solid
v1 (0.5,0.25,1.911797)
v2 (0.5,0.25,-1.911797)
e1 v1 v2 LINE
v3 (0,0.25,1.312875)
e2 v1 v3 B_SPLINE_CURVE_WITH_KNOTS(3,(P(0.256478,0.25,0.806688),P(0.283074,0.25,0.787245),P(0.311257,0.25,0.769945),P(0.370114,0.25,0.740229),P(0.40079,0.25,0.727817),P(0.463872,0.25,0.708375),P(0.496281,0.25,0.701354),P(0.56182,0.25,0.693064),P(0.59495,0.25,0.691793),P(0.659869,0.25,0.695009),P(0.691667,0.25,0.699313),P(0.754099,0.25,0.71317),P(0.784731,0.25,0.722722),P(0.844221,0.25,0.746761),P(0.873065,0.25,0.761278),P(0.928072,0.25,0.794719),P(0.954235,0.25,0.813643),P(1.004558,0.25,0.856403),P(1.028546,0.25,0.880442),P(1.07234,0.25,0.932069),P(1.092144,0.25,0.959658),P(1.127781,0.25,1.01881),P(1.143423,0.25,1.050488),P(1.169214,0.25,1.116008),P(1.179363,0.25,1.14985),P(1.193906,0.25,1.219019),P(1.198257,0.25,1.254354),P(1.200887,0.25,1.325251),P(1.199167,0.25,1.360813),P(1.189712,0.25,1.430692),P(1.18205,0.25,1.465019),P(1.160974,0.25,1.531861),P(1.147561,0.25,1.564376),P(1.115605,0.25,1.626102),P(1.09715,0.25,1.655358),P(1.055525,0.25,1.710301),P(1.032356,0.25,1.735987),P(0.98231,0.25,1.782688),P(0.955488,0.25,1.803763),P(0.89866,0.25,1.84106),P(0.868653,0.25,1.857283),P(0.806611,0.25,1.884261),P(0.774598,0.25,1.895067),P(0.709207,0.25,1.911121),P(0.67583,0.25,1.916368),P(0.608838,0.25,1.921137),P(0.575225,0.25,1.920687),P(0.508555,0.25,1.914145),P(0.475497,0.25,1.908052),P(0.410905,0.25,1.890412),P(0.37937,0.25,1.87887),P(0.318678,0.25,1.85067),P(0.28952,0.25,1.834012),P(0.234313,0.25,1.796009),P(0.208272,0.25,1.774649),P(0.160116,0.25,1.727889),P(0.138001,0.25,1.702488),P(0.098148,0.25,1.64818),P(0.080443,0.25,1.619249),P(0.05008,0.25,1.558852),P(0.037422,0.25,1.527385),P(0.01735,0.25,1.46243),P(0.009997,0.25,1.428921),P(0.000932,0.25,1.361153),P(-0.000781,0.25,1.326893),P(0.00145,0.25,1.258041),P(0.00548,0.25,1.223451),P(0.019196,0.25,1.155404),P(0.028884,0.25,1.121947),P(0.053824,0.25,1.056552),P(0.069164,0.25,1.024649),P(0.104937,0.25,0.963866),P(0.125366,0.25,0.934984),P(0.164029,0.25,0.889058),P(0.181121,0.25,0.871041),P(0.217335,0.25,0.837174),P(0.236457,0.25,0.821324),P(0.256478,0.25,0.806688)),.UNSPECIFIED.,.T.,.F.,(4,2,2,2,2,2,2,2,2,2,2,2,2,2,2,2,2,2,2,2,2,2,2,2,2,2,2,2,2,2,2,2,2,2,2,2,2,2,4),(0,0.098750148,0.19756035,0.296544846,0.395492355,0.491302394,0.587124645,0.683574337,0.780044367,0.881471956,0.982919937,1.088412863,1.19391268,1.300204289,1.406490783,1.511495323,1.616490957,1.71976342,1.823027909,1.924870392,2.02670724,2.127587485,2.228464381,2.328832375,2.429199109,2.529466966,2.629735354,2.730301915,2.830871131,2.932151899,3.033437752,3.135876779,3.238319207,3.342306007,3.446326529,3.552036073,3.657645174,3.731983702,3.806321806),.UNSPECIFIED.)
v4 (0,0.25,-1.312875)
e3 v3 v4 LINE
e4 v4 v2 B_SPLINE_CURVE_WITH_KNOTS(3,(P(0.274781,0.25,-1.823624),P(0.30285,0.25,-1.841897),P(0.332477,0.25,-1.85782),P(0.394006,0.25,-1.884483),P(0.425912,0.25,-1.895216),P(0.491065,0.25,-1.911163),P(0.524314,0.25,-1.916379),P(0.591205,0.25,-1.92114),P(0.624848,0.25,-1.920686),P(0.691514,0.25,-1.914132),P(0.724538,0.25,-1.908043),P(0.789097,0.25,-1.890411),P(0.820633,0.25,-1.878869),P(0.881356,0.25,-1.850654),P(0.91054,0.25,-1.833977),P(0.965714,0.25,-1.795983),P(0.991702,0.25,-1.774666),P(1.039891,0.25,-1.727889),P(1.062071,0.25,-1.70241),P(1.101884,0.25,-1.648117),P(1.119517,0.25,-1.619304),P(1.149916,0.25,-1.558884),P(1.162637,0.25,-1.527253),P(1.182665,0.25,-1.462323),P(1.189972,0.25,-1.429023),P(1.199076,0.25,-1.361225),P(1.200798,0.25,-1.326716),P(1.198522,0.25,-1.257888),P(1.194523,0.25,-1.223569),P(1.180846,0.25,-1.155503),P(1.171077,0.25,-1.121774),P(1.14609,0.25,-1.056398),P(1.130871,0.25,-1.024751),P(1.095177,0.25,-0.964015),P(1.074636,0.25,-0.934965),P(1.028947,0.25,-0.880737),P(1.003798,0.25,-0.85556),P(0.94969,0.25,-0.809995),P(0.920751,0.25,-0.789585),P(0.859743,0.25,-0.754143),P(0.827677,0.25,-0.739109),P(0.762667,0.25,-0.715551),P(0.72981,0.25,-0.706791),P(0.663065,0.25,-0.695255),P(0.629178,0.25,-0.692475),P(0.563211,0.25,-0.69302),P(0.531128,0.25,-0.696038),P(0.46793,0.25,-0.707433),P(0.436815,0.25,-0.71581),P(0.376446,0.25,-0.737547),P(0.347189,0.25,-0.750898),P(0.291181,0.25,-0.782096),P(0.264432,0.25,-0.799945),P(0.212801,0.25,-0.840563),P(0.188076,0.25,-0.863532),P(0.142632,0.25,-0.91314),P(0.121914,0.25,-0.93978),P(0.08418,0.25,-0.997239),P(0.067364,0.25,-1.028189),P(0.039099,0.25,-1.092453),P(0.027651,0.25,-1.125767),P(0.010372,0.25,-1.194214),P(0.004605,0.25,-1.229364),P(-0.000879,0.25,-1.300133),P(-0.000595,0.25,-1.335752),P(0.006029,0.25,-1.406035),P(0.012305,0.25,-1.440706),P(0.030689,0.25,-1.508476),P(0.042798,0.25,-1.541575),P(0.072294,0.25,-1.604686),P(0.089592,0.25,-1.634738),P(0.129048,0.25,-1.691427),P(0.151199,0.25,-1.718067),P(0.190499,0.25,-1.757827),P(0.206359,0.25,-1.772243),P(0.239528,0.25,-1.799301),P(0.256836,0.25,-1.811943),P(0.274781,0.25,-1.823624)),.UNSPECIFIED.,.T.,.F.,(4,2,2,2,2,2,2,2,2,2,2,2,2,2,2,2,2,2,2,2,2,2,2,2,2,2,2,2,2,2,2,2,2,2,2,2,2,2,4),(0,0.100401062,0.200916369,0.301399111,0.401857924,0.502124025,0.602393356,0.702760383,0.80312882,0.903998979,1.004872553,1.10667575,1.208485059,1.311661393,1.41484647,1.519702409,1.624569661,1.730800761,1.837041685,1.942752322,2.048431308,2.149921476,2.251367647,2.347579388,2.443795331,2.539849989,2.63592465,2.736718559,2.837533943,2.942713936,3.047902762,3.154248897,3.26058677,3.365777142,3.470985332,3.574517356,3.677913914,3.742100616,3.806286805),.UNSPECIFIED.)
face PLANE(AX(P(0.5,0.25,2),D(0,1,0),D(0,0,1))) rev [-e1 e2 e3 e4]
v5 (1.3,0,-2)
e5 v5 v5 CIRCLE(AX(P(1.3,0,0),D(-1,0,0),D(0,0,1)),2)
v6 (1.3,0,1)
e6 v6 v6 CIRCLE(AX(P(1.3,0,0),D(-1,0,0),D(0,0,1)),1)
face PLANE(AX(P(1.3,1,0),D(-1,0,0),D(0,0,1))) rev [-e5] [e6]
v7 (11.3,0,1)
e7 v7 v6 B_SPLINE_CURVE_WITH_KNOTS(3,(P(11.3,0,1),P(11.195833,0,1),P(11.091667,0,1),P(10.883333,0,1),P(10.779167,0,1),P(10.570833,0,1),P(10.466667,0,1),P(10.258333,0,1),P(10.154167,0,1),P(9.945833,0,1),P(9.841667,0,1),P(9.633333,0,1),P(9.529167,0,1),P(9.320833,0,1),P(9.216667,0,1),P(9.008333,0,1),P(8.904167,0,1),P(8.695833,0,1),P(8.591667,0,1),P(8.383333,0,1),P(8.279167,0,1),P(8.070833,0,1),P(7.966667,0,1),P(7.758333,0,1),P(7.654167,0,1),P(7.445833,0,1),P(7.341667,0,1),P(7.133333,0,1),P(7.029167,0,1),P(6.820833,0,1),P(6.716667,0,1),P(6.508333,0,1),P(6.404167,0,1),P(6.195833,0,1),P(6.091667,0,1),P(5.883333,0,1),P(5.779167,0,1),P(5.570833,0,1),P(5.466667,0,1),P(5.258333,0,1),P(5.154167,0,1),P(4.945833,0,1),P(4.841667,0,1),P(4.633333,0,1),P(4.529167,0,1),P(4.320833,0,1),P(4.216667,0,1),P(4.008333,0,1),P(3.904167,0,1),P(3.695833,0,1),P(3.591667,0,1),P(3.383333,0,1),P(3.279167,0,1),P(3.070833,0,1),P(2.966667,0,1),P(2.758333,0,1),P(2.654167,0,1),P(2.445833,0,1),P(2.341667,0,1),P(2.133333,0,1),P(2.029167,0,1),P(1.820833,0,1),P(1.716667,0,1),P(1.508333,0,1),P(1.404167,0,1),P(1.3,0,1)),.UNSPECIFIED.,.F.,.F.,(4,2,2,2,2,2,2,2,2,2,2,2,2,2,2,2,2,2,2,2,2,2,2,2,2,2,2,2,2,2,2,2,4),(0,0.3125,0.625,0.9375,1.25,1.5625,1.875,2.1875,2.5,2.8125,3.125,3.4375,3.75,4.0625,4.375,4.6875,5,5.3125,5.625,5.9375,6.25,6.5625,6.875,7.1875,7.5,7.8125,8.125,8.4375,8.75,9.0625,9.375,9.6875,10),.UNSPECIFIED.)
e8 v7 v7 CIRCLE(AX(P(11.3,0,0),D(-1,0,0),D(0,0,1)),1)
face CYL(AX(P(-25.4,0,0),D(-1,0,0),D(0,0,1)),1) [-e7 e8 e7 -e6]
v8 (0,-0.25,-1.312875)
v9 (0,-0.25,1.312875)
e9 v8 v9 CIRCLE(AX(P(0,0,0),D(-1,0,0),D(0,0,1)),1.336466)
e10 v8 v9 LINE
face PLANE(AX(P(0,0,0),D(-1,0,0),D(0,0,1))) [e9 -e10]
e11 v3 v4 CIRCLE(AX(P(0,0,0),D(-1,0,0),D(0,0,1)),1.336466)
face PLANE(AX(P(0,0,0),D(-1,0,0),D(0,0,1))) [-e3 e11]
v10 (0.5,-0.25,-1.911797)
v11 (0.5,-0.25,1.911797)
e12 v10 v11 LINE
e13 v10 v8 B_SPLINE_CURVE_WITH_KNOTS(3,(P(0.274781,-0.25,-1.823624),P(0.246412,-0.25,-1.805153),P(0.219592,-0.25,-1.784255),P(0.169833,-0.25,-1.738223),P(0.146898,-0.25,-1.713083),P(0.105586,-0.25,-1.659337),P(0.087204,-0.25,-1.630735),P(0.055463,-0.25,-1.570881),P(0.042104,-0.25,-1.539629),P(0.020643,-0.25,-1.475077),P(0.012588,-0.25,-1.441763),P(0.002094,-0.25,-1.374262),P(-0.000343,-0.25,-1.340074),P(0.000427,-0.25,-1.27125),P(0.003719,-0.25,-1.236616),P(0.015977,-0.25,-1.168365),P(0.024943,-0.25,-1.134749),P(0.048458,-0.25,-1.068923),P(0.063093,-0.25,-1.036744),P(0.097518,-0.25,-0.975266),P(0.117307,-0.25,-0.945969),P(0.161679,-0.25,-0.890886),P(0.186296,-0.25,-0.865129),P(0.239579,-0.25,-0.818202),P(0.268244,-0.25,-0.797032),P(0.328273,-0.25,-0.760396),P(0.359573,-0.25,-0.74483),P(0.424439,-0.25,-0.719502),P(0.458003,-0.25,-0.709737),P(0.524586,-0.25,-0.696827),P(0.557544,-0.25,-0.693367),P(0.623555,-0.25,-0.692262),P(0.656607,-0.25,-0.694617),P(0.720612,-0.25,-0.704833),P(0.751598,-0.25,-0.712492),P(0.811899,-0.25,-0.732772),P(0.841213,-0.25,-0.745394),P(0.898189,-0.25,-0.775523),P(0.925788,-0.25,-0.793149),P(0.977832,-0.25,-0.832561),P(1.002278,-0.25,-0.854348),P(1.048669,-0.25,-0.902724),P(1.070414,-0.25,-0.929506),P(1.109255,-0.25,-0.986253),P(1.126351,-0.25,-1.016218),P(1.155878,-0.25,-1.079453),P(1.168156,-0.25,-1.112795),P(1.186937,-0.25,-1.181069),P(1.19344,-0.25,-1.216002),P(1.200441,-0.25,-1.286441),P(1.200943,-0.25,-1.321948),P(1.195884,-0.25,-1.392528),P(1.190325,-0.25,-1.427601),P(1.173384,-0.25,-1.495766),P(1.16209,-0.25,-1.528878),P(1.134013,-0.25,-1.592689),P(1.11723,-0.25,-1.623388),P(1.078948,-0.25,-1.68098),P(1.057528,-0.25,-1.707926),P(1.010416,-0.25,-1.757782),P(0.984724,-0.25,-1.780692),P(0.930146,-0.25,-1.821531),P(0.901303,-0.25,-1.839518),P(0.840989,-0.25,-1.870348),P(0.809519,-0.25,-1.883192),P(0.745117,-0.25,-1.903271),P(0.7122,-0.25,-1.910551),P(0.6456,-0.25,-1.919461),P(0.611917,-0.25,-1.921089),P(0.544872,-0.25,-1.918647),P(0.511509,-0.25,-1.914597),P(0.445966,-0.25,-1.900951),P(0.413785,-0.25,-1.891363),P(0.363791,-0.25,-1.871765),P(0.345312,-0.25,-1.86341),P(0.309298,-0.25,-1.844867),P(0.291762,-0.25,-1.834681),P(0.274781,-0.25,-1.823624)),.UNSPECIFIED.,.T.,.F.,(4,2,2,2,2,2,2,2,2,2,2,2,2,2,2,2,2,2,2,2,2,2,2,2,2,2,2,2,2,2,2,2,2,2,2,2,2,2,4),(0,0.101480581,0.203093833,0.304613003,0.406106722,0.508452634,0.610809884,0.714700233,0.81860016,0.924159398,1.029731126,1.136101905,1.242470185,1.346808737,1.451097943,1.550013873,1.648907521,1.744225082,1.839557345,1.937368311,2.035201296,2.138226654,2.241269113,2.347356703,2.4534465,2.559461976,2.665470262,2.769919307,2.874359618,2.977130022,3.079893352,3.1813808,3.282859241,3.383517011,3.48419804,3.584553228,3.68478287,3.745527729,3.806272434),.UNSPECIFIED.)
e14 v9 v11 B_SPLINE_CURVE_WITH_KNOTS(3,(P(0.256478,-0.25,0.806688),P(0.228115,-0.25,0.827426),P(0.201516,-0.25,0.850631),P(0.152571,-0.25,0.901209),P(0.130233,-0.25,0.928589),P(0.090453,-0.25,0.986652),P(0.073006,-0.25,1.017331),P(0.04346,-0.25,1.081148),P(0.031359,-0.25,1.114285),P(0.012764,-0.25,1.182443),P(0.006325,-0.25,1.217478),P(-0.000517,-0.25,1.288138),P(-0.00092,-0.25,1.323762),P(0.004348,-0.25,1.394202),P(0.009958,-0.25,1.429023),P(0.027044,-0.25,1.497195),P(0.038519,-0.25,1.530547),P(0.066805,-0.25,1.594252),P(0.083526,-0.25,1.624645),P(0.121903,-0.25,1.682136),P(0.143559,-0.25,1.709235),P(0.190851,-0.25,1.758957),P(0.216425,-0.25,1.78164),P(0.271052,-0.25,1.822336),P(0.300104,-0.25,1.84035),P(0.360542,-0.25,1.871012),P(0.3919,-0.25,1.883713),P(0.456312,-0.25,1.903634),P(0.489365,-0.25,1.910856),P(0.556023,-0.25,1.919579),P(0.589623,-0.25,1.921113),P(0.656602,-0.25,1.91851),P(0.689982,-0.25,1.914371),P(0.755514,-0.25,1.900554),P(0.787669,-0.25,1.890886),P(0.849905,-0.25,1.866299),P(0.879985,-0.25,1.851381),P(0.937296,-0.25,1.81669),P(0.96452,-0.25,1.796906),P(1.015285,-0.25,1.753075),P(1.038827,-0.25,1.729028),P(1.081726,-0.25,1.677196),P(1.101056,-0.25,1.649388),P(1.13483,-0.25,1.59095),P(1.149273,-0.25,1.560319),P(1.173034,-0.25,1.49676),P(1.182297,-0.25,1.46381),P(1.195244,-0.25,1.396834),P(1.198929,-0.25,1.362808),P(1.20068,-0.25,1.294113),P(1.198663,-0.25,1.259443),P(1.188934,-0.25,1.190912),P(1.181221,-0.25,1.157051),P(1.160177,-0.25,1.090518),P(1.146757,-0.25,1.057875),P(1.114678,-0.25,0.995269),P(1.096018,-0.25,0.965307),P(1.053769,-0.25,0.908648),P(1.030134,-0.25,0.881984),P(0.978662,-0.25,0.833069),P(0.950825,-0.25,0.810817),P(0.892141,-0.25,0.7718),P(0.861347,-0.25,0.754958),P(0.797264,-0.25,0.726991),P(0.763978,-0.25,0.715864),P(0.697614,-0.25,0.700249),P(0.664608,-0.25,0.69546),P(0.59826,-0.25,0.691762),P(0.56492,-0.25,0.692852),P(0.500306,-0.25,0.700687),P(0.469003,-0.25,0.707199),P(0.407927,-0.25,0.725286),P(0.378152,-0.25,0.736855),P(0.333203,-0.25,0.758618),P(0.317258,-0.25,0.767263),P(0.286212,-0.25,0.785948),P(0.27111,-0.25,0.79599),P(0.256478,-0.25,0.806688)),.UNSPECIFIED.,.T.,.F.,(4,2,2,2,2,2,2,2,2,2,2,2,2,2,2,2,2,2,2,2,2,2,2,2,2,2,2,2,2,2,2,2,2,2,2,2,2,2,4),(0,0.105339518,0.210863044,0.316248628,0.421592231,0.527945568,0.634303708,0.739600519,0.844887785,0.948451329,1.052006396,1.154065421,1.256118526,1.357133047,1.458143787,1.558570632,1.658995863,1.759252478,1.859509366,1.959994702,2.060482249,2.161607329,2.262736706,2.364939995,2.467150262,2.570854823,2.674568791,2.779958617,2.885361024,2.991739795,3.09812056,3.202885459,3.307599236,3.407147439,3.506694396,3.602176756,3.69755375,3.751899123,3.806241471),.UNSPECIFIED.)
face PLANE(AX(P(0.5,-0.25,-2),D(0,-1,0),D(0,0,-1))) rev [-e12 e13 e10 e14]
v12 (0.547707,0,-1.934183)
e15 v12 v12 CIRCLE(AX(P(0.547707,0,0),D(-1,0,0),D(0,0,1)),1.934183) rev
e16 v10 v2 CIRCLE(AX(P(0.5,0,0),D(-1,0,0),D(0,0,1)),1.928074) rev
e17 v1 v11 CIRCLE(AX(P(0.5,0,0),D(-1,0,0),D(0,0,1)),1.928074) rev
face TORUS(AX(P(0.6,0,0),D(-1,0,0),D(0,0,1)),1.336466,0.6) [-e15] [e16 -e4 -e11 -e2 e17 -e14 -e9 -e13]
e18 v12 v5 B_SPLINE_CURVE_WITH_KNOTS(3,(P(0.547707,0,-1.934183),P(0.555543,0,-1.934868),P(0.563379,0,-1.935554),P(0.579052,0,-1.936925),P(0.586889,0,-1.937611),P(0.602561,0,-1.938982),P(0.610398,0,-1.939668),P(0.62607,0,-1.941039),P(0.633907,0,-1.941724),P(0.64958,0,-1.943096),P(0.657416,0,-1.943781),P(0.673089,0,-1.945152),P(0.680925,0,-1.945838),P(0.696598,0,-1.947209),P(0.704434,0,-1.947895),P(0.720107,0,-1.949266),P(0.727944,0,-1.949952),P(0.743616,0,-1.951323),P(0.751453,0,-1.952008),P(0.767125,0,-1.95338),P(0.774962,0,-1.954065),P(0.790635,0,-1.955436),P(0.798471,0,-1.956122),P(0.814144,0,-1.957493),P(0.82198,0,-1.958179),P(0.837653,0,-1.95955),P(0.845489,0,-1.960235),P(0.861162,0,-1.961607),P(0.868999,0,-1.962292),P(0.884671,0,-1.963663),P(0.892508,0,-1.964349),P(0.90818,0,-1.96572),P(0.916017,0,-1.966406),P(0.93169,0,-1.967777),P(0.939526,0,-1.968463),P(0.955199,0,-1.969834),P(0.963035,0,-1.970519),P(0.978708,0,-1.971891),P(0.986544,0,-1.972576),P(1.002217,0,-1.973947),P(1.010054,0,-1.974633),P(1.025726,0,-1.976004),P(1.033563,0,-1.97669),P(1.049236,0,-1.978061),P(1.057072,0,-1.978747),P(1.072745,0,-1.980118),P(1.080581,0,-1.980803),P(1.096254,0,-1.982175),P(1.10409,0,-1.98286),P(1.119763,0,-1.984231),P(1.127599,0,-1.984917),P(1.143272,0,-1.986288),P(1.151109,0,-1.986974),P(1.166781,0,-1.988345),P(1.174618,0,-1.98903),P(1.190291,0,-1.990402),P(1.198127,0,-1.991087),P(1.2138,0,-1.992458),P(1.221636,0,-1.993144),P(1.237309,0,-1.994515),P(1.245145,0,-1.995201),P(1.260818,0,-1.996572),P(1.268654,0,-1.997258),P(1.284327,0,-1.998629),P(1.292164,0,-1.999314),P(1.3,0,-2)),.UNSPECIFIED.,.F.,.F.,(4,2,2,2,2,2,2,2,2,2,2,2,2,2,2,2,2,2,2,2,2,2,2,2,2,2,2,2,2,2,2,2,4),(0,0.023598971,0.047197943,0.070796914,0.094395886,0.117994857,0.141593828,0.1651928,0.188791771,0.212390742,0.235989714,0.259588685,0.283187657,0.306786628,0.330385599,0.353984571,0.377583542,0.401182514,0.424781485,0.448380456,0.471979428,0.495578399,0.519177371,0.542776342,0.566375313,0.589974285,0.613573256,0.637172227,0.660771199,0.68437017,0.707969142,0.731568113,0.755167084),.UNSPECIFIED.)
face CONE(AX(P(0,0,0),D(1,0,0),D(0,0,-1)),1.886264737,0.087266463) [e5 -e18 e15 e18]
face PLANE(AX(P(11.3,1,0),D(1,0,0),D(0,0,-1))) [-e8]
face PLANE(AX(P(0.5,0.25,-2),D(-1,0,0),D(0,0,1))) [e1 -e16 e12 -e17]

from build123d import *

# Parameters (mm, degrees)
FILLET2_R  = 0.6
SKETCH2_W  = 4
SKETCH2_H  = 0.5
SLOT_DEPTH = 0.5


with BuildPart() as part:
    # BodySke → Base-Revolve (revolve)
    with BuildSketch(Plane.XY, mode=Mode.PRIVATE) as base_revolve_sk:
        Polygon((1.3, 1), (1.3, 2), (0, 1.886264737), (0, 0), (11.3, 0), (11.3, 1), align=None)
    revolve(base_revolve_sk.sketch.rotate(Axis((-25.4, 0, 0), (1, 0, 0)), 90), axis=Axis((-25.4, 0, 0), (1, 0, 0)))

    # Fillet2
    fillet2_edges = [part.edges().sort_by_distance(p)[0] for p in [
        (0, 0, -1.886264737),
    ]]
    fillet(fillet2_edges, radius=FILLET2_R)

    # Sketch2 → Slot (cut)
    with BuildSketch(Plane(origin=(0, 0, 0), x_dir=(0, 0, -1), z_dir=(1, 0, 0))):
        Rectangle(SKETCH2_W, SKETCH2_H)
    extrude(amount=SLOT_DEPTH, mode=Mode.SUBTRACT)


solid = part.part
